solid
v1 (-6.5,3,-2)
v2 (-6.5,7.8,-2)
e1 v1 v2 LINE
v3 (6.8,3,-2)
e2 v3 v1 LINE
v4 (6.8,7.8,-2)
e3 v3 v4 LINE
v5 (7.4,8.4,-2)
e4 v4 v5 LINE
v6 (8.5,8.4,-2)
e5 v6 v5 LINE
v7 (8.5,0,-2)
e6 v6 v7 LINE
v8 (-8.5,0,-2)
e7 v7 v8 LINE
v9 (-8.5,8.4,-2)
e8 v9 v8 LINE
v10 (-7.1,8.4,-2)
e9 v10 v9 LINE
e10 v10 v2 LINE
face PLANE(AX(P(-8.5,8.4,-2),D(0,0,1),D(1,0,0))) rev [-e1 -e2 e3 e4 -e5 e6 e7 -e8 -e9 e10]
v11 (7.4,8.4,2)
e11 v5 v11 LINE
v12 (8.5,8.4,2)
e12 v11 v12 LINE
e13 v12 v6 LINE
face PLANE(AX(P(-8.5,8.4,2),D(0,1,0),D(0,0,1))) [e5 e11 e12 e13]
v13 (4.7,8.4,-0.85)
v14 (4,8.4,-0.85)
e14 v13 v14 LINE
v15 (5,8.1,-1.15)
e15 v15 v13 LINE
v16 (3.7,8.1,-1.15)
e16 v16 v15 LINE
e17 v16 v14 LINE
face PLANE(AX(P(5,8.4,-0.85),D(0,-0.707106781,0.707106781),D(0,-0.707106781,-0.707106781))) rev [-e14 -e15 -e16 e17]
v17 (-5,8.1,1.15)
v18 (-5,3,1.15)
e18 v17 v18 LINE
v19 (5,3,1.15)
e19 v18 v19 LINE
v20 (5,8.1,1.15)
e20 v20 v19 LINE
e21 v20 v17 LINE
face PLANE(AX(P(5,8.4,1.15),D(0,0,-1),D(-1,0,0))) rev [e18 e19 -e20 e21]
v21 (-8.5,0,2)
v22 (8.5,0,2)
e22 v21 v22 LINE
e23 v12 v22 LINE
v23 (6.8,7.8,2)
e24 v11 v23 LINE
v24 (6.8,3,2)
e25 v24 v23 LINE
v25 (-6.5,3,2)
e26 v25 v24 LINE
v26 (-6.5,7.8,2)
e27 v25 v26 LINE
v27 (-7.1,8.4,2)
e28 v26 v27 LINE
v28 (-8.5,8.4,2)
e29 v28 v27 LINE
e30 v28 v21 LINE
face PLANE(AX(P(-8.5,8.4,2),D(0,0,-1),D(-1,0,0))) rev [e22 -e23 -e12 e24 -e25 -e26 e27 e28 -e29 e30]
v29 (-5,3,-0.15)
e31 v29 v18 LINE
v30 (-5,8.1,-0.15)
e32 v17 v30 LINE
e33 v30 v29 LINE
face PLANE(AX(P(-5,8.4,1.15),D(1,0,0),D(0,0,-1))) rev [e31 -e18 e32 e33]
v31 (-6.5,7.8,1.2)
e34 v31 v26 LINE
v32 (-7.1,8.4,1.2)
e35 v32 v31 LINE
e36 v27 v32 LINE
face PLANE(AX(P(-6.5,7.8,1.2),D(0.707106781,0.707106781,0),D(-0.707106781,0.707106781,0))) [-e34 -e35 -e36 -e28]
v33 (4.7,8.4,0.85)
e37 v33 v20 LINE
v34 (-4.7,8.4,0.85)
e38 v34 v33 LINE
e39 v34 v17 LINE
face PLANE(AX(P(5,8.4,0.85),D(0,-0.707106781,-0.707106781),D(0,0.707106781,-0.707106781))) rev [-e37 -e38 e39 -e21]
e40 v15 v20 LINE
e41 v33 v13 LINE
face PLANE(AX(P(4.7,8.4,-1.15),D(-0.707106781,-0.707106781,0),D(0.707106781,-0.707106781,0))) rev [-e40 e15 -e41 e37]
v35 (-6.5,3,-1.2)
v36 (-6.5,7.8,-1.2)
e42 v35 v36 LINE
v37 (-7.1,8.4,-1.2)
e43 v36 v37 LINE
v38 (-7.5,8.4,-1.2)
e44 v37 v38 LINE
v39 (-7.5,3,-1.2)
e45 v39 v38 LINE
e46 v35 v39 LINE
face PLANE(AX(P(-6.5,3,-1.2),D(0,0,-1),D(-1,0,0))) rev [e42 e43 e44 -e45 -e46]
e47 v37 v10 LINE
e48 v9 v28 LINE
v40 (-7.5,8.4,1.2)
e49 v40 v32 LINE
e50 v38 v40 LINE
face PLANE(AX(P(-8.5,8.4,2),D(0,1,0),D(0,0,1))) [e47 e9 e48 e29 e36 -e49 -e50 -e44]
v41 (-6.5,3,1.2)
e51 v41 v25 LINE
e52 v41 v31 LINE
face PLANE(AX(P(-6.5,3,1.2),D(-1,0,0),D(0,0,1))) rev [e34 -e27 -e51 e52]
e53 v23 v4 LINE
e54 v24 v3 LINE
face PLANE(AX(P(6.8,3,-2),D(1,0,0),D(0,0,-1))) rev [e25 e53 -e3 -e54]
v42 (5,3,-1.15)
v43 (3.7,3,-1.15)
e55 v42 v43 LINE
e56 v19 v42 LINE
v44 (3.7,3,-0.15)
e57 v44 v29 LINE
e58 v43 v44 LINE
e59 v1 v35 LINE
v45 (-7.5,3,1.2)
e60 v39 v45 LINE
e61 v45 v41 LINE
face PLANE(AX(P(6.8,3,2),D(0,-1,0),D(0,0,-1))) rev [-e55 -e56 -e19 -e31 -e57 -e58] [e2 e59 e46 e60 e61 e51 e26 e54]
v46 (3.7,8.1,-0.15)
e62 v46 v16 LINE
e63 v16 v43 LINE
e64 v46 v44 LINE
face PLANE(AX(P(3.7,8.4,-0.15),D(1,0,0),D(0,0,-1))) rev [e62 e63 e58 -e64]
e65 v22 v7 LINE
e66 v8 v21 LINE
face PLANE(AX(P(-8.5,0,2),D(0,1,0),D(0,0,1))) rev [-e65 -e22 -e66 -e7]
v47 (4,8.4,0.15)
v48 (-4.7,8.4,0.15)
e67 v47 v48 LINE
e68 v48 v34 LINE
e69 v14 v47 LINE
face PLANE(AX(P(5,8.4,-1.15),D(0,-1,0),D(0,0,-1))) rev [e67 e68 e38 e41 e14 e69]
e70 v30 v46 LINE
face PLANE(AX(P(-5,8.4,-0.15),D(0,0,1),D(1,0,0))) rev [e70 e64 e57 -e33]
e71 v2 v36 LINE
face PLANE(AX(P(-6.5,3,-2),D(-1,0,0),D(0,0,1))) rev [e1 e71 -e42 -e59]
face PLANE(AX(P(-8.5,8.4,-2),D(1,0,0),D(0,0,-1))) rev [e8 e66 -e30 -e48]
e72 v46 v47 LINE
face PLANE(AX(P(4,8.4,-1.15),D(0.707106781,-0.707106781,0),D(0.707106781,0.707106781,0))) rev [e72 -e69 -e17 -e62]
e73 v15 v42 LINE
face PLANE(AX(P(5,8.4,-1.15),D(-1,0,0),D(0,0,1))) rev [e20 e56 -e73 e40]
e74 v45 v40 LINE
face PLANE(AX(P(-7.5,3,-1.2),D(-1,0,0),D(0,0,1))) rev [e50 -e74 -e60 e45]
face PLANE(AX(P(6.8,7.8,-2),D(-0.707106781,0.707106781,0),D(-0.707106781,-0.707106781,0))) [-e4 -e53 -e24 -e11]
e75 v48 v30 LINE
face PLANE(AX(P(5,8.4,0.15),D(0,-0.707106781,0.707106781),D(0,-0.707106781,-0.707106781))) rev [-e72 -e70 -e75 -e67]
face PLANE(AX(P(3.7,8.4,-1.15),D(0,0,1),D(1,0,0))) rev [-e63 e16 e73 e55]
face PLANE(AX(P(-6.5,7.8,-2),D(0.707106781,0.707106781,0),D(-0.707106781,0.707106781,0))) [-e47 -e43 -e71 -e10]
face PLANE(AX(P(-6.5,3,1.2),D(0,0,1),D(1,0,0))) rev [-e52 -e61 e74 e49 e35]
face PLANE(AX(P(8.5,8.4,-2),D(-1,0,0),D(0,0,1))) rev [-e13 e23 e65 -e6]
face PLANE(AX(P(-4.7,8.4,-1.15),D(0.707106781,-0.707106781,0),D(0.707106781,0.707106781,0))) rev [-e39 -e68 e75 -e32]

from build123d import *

# Parameters (mm, degrees)
CROQUIS1_W            = 17
CROQUIS1_H            = 4
EXTRUIR1_DEPTH        = 8.4
CORTAR_EXTRUIR1_DEPTH = 5.4
CHAFL_N1_SIZE         = 0.6
EXTRUIR2_DEPTH        = 5.4
CHAFL_N2_SIZE         = 0.3


with BuildPart() as part:
    # Croquis1 → Extruir1 (new body)
    with BuildSketch(Plane(origin=(0, 0, 0), x_dir=(1, 0, 0), z_dir=(0, 1, 0))):
        Rectangle(CROQUIS1_W, CROQUIS1_H)
    extrude(amount=EXTRUIR1_DEPTH)

    # Croquis2 → Cortar-Extruir1 (cut)
    with BuildSketch(Plane(origin=(0, 8.4, 0), x_dir=(-1, 0, 0), z_dir=(0, 1, 0))):
        Polygon((-6.8, -2), (6.5, -2), (6.5, -1.2), (7.5, -1.2), (7.5, 1.2), (6.5, 1.2), (6.5, 2), (-6.8, 2), align=None)
    extrude(amount=-CORTAR_EXTRUIR1_DEPTH, mode=Mode.SUBTRACT)

    # Chaflán1
    chafl_n1_edges = [part.edges().sort_by_distance(p)[0] for p in [
        (6.8, 8.4, 0),
        (-6.5, 8.4, -1.6),
        (-6.5, 8.4, 1.6),
    ]]
    chamfer(chafl_n1_edges, length=CHAFL_N1_SIZE)

    # Croquis3 → Extruir2 (add)
    with BuildSketch(Plane(origin=(0, 3, 0), x_dir=(-1, 0, 0), z_dir=(0, 1, 0))):
        Polygon((-5, -1.15), (-5, 1.15), (5, 1.15), (5, -0.15), (-3.7, -0.15), (-3.7, -1.15), align=None)
    extrude(amount=EXTRUIR2_DEPTH)

    # Chaflán2
    chafl_n2_edges = [part.edges().sort_by_distance(p)[0] for p in [
        (4.35, 8.4, -1.15),
        (3.7, 8.4, -0.65),
        (-0.65, 8.4, -0.15),
        (-5, 8.4, 0.5),
        (0, 8.4, 1.15),
        (5, 8.4, 0),
    ]]
    chamfer(chafl_n2_edges, length=CHAFL_N2_SIZE)


solid = part.part
